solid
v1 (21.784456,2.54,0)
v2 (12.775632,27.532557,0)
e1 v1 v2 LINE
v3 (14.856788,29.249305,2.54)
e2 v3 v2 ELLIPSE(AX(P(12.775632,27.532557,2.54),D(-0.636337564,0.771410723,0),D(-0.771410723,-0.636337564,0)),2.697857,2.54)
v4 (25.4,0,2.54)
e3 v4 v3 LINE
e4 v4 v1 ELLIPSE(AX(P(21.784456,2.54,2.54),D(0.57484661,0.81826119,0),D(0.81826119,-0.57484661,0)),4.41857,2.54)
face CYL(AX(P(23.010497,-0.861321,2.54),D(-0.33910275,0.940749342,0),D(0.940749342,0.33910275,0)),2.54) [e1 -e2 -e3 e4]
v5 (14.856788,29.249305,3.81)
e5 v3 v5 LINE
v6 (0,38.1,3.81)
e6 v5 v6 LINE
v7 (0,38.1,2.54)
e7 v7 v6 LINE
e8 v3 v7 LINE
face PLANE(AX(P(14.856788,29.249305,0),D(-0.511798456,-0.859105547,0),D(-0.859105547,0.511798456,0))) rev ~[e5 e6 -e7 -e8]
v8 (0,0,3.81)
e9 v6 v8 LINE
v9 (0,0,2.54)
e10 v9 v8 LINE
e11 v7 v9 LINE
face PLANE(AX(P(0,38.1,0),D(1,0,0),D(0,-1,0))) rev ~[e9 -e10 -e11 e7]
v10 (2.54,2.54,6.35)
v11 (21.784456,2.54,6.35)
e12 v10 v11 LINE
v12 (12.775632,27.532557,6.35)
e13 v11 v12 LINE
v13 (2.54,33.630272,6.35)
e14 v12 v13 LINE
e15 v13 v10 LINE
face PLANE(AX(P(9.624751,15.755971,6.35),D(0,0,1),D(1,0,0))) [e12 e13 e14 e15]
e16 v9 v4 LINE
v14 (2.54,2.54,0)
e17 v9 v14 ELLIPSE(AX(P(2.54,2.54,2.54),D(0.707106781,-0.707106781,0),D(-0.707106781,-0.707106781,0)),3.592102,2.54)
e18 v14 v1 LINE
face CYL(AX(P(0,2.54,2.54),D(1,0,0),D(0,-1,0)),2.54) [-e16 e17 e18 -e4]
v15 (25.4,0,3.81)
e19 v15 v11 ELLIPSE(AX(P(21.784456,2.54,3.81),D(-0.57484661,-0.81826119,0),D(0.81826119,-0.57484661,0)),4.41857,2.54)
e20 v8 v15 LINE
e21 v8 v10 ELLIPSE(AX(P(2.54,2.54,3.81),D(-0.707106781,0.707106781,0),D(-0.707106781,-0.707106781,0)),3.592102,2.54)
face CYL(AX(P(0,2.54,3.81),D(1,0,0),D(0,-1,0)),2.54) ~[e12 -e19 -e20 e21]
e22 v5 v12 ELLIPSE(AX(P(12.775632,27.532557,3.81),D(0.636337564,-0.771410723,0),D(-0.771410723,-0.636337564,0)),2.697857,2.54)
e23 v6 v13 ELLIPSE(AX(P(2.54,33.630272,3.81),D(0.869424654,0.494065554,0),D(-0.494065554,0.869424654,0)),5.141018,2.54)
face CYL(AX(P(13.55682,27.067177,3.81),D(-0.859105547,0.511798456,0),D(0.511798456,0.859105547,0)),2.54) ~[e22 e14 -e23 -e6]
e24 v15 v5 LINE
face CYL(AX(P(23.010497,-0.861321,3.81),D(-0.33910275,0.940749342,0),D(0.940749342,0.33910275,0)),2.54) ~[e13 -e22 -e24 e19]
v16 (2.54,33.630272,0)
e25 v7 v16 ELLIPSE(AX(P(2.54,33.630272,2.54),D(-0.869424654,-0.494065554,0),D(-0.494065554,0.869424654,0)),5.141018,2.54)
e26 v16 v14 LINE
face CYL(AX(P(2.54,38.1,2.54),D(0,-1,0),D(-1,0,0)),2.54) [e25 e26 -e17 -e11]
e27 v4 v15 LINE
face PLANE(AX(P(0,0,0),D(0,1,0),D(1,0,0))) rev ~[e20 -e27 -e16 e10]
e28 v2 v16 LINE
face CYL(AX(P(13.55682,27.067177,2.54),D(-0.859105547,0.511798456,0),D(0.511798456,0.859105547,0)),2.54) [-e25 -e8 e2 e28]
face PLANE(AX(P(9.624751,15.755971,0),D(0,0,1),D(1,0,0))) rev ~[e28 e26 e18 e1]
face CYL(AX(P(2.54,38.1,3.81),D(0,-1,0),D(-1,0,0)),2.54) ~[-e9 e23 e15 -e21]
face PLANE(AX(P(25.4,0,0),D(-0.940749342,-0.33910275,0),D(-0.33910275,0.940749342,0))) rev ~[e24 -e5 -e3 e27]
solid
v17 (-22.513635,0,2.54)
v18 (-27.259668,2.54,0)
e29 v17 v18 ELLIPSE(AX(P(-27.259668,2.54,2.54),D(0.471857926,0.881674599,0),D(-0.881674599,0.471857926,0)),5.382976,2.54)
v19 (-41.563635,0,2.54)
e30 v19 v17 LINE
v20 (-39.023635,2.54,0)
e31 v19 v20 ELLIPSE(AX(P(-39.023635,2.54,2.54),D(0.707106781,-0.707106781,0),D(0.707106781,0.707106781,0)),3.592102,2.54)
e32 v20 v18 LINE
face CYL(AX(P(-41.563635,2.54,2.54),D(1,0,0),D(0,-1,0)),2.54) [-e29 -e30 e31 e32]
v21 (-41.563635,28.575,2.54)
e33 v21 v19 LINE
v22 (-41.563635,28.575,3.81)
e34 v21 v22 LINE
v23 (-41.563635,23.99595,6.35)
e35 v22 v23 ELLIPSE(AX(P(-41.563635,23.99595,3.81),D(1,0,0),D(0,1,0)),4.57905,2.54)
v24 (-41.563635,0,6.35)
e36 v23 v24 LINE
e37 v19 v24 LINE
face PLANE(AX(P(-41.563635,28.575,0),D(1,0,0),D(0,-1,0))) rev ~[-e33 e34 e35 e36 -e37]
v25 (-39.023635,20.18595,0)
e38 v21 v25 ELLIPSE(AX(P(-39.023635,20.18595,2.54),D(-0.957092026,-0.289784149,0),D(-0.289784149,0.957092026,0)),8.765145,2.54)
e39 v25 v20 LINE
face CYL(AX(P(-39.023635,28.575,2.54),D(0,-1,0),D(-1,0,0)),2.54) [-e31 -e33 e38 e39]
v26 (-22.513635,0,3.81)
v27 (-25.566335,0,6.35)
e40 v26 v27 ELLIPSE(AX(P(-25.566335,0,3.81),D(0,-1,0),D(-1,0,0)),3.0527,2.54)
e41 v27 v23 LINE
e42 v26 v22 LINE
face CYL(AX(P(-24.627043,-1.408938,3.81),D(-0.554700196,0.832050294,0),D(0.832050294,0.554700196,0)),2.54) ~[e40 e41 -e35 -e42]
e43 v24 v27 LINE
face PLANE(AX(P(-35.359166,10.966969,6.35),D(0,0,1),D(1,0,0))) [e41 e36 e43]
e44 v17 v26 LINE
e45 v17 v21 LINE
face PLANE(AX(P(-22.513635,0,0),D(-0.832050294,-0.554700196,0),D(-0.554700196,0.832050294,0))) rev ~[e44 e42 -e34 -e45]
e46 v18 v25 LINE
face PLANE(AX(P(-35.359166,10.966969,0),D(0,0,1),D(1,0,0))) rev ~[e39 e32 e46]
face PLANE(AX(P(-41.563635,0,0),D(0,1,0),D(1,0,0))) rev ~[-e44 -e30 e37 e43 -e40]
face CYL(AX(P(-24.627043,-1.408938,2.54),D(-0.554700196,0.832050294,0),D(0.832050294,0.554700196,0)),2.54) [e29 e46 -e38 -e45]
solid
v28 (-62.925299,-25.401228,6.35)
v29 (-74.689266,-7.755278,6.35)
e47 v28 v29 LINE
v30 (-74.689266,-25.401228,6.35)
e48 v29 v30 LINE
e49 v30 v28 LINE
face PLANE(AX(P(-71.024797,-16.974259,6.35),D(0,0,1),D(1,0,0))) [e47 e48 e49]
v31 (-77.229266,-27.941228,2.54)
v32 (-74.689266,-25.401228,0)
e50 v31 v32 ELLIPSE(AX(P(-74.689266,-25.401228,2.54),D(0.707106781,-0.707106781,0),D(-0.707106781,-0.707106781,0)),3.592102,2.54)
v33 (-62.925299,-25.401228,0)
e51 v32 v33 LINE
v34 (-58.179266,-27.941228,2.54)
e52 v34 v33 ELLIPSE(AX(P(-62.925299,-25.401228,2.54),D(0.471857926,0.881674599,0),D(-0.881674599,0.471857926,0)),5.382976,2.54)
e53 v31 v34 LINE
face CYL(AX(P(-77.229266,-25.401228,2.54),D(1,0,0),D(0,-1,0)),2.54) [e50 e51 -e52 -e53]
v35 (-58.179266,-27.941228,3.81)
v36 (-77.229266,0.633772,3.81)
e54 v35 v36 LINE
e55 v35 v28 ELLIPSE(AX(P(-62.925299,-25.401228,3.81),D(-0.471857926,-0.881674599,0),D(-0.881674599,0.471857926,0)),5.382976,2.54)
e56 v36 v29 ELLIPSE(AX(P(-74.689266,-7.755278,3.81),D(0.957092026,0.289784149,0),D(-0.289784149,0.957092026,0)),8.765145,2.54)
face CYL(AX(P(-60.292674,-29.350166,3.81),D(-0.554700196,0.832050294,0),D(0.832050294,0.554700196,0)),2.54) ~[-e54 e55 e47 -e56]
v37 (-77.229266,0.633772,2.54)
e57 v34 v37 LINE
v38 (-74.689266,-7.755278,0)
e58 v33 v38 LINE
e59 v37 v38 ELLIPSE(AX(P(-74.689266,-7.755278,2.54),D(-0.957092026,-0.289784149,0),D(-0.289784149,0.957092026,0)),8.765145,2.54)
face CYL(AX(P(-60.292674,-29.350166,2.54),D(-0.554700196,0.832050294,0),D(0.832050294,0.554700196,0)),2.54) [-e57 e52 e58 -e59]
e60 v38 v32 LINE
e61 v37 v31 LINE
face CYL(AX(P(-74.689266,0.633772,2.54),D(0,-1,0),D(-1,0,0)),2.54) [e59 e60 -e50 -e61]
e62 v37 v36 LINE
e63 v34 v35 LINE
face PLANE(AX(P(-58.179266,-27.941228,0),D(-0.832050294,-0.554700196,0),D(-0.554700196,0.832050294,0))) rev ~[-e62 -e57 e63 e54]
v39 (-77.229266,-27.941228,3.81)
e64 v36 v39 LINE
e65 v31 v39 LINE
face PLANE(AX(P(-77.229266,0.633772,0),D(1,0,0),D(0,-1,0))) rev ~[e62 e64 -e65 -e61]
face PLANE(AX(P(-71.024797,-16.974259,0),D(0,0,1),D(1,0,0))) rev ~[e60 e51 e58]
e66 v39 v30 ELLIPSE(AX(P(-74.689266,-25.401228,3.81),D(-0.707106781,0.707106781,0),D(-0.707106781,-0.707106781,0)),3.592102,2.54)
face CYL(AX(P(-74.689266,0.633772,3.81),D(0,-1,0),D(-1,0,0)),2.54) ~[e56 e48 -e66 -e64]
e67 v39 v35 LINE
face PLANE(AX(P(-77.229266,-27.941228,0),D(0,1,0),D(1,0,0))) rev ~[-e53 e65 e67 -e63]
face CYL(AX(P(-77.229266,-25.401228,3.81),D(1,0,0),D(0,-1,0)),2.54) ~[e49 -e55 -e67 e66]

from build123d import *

# Parameters (mm, degrees)
F1_DEPTH = 6.35
F2_R     = 2.54
F4_DEPTH = 6.35
F5_R     = 2.54


with BuildPart() as f1:
    # F0 (on Top) → F1 (new body)
    with BuildSketch(Plane.XY):
        Polygon((0, 38.1), (0, 0), (25.4, 0), (14.856788, 29.249305), align=None)
    extrude(amount=F1_DEPTH)

    # F2
    f2_edges = [f1.edges().sort_by_distance(p)[0] for p in [
        (7.428394, 33.674652, 6.35),
        (0, 19.05, 6.35),
        (12.7, 0, 6.35),
        (20.128394, 14.624652, 6.35),
        (7.428394, 33.674652, 0),
        (0, 19.05, 0),
        (12.7, 0, 0),
        (20.128394, 14.624652, 0),
    ]]
    fillet(f2_edges, radius=F2_R)


with BuildPart() as f4:
    # F3 (on Top) → F4 (new body)
    with BuildSketch(Plane.XY):
        Polygon((-41.563635, 28.575), (-41.563635, 0), (-22.513635, 0), align=None)
        Polygon((-77.229266, 0.633772), (-77.229266, -27.941228), (-58.179266, -27.941228), align=None)
    extrude(amount=F4_DEPTH)

    # F5
    f5_edges = [f4.edges().sort_by_distance(p)[0] for p in [
        (-67.704266, -13.653728, 6.35),
        (-77.229266, -13.653728, 6.35),
        (-67.704266, -27.941228, 6.35),
        (-32.038635, 14.2875, 6.35),
        (-67.704266, -13.653728, 0),
        (-32.038635, 14.2875, 0),
        (-32.038635, 0, 0),
        (-77.229266, -13.653728, 0),
        (-67.704266, -27.941228, 0),
        (-41.563635, 14.2875, 0),
    ]]
    fillet(f5_edges, radius=F5_R)


solid = Compound([f1.part, f4.part])
